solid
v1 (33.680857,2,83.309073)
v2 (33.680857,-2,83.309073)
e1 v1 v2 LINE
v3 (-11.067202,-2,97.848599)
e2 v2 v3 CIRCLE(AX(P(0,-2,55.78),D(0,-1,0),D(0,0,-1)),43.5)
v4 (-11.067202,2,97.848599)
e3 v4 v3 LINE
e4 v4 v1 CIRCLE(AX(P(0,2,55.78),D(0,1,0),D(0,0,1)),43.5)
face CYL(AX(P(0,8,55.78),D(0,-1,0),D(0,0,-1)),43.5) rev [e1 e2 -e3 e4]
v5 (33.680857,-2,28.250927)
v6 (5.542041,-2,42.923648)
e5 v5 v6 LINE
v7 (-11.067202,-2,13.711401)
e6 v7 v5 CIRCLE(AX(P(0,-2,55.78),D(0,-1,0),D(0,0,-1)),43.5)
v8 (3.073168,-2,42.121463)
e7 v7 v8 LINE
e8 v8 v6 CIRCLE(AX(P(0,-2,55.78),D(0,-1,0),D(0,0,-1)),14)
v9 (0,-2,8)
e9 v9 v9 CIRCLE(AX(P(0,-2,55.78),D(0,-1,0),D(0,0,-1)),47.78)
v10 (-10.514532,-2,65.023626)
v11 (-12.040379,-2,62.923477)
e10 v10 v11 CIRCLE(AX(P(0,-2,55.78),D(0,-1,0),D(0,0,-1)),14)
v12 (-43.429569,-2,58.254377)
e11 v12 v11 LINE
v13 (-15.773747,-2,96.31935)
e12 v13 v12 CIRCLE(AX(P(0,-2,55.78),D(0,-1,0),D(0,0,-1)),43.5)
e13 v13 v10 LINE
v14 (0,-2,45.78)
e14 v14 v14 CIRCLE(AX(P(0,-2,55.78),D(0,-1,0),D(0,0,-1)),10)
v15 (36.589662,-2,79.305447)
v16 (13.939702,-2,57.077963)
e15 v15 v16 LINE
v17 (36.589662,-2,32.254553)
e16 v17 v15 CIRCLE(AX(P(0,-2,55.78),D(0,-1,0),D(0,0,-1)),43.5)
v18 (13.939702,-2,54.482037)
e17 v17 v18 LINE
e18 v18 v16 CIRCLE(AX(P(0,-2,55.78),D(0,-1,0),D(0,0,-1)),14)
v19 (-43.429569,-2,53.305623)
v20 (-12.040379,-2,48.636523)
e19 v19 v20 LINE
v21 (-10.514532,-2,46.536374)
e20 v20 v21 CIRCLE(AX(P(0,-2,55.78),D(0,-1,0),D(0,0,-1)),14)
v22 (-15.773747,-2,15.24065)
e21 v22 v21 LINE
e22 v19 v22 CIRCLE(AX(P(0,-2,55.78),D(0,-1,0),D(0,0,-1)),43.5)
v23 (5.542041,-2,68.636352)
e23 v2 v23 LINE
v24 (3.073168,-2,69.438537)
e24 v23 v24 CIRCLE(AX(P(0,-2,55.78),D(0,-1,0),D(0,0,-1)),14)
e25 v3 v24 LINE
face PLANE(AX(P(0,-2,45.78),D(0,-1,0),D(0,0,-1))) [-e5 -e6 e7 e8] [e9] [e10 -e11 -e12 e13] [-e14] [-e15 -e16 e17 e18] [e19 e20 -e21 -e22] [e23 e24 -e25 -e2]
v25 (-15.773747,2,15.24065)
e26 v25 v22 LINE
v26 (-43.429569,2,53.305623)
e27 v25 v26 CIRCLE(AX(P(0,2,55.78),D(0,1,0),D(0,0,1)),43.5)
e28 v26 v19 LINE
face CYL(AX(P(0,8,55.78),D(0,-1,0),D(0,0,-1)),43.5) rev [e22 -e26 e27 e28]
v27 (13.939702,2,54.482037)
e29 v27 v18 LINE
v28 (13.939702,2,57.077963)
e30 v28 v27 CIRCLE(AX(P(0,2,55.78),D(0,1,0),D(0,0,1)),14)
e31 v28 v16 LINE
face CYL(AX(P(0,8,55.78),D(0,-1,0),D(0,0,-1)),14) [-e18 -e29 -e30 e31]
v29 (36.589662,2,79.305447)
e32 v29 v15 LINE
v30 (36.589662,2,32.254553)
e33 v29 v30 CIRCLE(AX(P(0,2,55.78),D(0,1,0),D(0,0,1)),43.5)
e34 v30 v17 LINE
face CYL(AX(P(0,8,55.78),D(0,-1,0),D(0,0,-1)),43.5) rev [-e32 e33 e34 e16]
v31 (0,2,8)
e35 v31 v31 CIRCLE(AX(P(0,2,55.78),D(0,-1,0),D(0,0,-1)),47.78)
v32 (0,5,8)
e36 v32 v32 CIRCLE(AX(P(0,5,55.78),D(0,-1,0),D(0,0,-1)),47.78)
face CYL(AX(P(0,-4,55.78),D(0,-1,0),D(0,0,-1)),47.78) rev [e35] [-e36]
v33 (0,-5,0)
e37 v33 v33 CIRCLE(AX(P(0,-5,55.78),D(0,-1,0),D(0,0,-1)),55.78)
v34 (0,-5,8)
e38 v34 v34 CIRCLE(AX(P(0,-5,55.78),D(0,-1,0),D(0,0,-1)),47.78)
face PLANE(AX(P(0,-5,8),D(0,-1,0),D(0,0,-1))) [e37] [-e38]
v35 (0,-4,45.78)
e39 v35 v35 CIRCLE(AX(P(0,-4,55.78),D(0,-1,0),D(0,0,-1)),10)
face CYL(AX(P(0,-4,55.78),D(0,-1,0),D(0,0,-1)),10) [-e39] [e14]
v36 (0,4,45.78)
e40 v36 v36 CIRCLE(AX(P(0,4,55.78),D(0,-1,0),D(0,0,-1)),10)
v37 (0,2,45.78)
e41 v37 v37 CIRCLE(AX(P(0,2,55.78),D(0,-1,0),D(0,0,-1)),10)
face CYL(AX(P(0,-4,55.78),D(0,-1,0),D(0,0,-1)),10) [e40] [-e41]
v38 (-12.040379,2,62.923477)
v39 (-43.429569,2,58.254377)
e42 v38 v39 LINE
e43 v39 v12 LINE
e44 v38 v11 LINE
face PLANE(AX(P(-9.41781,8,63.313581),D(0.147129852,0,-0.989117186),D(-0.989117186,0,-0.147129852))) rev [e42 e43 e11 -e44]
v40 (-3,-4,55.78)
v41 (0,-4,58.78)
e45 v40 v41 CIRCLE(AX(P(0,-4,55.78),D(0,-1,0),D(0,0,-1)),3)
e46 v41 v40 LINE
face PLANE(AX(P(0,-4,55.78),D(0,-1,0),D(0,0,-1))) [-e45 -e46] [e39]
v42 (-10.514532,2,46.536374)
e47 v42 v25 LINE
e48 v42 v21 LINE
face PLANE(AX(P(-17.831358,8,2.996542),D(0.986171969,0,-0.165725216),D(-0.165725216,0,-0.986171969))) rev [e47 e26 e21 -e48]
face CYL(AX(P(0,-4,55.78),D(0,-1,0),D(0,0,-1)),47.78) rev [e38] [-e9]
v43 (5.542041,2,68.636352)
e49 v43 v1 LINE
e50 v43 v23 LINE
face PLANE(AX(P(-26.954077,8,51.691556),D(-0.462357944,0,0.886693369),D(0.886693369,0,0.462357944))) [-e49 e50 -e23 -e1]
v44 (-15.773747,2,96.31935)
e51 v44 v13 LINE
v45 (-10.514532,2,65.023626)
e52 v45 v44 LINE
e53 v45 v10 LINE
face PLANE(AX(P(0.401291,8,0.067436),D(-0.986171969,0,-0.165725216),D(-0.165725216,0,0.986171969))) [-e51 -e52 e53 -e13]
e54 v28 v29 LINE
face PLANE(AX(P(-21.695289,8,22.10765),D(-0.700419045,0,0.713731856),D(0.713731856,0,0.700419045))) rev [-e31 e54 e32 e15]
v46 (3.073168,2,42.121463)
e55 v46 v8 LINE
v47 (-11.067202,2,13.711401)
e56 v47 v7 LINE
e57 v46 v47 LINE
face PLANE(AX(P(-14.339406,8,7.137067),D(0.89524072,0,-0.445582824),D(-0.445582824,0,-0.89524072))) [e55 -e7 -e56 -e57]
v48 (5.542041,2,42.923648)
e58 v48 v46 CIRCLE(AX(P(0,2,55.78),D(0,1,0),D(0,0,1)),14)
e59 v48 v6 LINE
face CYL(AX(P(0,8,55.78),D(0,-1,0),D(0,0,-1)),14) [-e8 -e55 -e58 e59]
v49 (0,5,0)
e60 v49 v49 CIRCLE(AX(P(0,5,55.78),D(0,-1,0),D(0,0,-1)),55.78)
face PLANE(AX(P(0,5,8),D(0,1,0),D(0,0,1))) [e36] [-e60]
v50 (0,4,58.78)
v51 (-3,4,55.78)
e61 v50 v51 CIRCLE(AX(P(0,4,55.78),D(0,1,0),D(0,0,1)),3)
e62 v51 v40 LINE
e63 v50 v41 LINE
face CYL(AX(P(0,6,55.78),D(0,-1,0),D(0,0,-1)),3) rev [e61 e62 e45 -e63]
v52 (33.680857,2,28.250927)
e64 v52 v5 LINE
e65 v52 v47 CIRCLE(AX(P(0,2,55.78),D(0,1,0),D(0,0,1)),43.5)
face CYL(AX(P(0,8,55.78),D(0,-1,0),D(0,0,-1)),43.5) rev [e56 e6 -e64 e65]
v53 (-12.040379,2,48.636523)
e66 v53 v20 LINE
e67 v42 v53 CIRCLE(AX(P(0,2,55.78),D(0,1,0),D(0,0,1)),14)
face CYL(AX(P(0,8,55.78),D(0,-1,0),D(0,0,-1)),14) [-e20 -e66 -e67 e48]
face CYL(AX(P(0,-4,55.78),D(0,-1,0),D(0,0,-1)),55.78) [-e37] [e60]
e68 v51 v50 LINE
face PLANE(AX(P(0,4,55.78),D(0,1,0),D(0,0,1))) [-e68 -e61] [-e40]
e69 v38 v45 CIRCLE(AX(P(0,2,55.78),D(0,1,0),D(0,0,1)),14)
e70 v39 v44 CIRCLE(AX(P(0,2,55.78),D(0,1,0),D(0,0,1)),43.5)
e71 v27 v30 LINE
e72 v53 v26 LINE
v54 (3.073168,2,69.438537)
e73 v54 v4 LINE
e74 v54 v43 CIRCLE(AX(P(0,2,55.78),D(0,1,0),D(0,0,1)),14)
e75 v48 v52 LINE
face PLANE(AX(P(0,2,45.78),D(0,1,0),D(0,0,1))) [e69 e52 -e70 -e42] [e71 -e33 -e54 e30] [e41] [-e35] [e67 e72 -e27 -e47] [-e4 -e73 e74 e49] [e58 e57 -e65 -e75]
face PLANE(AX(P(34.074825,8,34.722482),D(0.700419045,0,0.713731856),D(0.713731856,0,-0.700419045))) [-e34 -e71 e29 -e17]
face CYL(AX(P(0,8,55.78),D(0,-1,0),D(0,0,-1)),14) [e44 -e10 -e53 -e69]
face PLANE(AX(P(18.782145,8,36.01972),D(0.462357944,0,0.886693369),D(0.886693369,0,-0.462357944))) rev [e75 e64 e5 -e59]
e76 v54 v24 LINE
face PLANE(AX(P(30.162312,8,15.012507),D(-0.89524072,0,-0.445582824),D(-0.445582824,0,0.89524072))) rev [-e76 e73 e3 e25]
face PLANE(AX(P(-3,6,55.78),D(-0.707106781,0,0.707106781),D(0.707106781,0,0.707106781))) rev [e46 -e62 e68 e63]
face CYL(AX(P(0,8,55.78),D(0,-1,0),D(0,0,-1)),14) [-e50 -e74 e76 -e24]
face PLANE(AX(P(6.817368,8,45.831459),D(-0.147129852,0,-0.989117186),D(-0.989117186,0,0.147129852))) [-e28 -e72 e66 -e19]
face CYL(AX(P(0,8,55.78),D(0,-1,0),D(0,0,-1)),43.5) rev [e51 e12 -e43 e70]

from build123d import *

# Parameters (mm, degrees)
CUT_EXTRUDE1_DEPTH = 10
CUT_EXTRUDE3_DEPTH = 10


with BuildPart() as part:
    # Sketch2 → Revolve1 (revolve)
    with BuildSketch(Plane(origin=(0, 0, 0), x_dir=(0, 0, -1), z_dir=(1, 0, 0))):
        Polygon((-55.78, -4), (-55.78, 4), (-45.78, 4), (-45.78, 2), (-8, 2), (-8, 5), (0, 5), (0, -5), (-8, -5), (-8, -2), (-45.78, -2), (-45.78, -4), align=None)
    revolve(axis=Axis((0, -4, 55.78), (0, 1, 0)))

    # Sketch5 → Cut-Extrude1 (cut)
    with BuildSketch(Plane.XZ.offset(4)):
        with BuildLine():
            Line((-3, 55.78), (0, 58.78))
            ThreePointArc((0, 58.78), (2.121320344, 53.658679656), (-3, 55.78))
        make_face()
    extrude(amount=-CUT_EXTRUDE1_DEPTH, mode=Mode.SUBTRACT)

    # Sketch6 → Cut-Extrude3 (cut)
    with BuildSketch(Plane(origin=(0, -2, 0), x_dir=(-1, 0, 0), z_dir=(0, -1, 0))):
        with BuildLine():
            Line((12.040379463, -48.636523088), (43.429568931, -53.305622821))
            ThreePointArc((43.429568931, -53.305622821), (35.192239255, -30.211341525), (15.773747398, -15.240650067))
            Line((15.773747398, -15.240650067), (10.514532139, -46.536374418))
            ThreePointArc((10.514532139, -46.536374418), (11.326237921, -47.551006468), (12.040379463, -48.636523088))
        make_face()
        with BuildLine():
            ThreePointArc((15.773747398, -96.319349933), (35.192239255, -81.348658475), (43.429568931, -58.254377179))
            Line((43.429568931, -58.254377179), (12.040379463, -62.923476912))
            ThreePointArc((12.040379463, -62.923476912), (11.326237921, -64.008993532), (10.514532139, -65.023625582))
            Line((10.514532139, -65.023625582), (15.773747398, -96.319349933))
        make_face()
        with BuildLine():
            ThreePointArc((-33.680856909, -83.30907332), (-13.442239255, -97.150958459), (11.067202318, -97.848599131))
            Line((11.067202318, -97.848599131), (-3.073168394, -69.438537111))
            ThreePointArc((-3.073168394, -69.438537111), (-4.326237921, -69.094791228), (-5.542041225, -68.636351701))
            Line((-5.542041225, -68.636351701), (-33.680856909, -83.30907332))
        make_face()
        with BuildLine():
            ThreePointArc((-36.589661739, -32.254553057), (-43.5, -55.78), (-36.589661739, -79.305446943))
            Line((-36.589661739, -79.305446943), (-13.939701983, -57.077963259))
            ThreePointArc((-13.939701983, -57.077963259), (-14, -55.78), (-13.939701983, -54.482036741))
            Line((-13.939701983, -54.482036741), (-36.589661739, -32.254553057))
        make_face()
        with BuildLine():
            Line((-3.073168394, -42.121462889), (11.067202318, -13.711400869))
            ThreePointArc((11.067202318, -13.711400869), (-13.442239255, -14.409041541), (-33.680856909, -28.25092668))
            Line((-33.680856909, -28.25092668), (-5.542041225, -42.923648299))
            ThreePointArc((-5.542041225, -42.923648299), (-4.326237921, -42.465208772), (-3.073168394, -42.121462889))
        make_face()
    extrude(amount=-CUT_EXTRUDE3_DEPTH, mode=Mode.SUBTRACT)


solid = part.part
